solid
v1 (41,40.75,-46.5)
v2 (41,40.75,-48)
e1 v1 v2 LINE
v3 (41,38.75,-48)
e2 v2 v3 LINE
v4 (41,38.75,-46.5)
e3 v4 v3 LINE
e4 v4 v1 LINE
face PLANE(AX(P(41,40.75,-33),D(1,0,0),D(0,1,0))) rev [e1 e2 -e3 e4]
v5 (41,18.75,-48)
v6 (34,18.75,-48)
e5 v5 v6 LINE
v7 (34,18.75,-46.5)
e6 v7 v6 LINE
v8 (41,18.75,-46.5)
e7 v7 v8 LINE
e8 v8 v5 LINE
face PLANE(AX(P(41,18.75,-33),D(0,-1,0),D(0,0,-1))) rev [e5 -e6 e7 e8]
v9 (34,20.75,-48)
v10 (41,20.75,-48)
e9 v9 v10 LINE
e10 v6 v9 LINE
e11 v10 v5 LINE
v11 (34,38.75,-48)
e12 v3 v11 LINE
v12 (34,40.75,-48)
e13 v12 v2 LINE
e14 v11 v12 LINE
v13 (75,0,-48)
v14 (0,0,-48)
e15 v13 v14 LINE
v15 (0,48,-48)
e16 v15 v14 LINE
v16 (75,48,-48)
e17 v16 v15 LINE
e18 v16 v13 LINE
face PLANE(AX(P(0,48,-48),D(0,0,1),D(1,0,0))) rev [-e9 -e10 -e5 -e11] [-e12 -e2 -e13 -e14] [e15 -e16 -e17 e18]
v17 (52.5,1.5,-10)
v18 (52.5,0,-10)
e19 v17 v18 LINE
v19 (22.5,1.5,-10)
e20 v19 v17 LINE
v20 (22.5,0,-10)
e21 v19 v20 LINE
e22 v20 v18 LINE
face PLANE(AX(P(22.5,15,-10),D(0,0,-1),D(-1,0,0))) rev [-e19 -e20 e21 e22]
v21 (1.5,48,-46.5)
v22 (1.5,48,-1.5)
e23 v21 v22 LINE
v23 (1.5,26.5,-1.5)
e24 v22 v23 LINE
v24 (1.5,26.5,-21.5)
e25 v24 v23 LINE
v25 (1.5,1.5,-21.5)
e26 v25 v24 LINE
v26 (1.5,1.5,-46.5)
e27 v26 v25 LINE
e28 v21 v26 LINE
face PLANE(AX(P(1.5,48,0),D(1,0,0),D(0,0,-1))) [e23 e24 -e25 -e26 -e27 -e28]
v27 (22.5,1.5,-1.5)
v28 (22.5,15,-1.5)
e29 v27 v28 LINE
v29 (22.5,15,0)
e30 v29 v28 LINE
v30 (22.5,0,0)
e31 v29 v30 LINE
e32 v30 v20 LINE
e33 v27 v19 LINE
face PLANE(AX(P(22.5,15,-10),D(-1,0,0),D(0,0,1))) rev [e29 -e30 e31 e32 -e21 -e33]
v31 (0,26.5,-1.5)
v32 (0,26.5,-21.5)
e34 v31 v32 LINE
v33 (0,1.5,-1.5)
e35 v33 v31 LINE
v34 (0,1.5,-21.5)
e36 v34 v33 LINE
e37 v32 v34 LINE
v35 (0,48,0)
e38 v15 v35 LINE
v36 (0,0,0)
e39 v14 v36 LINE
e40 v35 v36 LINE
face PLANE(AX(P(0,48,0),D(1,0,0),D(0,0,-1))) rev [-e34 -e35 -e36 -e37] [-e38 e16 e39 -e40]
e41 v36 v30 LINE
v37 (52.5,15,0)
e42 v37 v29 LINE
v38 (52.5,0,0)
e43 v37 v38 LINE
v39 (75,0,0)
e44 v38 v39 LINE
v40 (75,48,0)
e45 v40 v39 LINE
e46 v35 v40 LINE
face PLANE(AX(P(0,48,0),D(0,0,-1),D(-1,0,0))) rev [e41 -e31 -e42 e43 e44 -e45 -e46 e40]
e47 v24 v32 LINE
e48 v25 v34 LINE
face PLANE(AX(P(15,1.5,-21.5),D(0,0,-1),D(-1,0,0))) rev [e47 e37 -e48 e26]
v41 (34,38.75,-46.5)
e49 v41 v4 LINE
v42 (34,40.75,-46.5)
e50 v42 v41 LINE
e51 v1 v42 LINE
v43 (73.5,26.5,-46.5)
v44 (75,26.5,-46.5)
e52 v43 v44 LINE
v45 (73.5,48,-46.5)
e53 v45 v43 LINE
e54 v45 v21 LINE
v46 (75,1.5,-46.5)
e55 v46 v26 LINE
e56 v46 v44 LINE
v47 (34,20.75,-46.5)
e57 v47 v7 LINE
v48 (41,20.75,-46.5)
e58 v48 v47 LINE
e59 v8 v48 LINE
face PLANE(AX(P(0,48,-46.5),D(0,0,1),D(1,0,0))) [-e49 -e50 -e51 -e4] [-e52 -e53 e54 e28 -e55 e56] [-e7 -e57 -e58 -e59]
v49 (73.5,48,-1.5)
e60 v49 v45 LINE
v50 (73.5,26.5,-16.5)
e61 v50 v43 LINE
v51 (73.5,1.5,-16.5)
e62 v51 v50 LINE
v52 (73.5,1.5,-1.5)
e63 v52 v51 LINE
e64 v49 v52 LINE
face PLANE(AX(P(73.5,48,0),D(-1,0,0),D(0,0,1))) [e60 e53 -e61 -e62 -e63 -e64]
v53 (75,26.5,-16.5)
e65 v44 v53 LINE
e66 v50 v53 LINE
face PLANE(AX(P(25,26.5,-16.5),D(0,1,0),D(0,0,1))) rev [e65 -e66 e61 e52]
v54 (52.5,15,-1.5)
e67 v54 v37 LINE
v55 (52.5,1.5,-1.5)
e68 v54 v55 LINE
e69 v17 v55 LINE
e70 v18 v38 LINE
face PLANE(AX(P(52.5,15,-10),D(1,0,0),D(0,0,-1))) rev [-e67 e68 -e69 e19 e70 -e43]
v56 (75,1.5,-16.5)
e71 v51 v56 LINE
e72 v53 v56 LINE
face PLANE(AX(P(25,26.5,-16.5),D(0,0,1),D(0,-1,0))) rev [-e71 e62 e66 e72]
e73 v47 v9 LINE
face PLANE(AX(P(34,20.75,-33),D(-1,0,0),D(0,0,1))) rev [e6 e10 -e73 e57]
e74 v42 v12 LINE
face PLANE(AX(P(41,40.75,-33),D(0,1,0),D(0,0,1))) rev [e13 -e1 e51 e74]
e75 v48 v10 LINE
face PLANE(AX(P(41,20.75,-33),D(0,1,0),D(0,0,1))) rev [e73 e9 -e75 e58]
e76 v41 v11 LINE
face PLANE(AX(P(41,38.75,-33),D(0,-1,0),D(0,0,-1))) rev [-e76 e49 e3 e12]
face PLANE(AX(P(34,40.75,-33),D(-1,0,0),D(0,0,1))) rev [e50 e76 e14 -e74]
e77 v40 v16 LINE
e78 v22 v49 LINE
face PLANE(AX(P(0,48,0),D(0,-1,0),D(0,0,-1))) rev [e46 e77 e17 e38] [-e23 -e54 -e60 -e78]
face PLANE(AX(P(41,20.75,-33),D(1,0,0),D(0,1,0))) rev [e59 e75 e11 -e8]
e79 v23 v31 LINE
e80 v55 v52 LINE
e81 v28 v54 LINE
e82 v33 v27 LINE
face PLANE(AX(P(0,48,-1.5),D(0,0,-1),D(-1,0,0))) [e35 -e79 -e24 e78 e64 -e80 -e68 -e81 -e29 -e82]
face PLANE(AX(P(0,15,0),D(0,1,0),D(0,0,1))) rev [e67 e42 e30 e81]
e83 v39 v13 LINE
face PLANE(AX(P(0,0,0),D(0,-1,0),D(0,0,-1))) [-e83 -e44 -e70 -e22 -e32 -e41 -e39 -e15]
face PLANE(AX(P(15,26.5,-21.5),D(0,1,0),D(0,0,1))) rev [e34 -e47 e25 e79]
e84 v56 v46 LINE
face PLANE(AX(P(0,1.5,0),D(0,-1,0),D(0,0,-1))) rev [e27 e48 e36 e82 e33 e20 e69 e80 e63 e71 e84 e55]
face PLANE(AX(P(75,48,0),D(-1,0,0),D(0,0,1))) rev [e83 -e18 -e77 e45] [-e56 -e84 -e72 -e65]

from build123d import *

# Parameters (mm, degrees)
SKETCH1_W           = 75
SKETCH1_H           = 48
BOSS_EXTRUDE1_DEPTH = 48
SHELL1_T            = -1.5
SKETCH2_W           = 30
SKETCH2_H           = 25
CUT_EXTRUDE2_DEPTH  = 50
SKETCH3_W           = 30
SKETCH3_H           = 10
CUT_EXTRUDE3_DEPTH  = 15
SKETCH4_W           = 20
SKETCH4_H           = 25
CUT_EXTRUDE4_DEPTH  = 15
SKETCH5_W           = 7
SKETCH5_H           = 2
CUT_EXTRUDE5_DEPTH  = 15


with BuildPart() as part:
    # Sketch1 → Boss-Extrude1 (new body)
    with BuildSketch(Plane(origin=(0, 0, 0), x_dir=(1, 0, 0), z_dir=(0, 1, 0))):
        with Locations((37.5, 24)):
            Rectangle(SKETCH1_W, SKETCH1_H)
    extrude(amount=BOSS_EXTRUDE1_DEPTH)

    # Shell1
    shell1_openings = [part.faces().sort_by_distance(p)[0] for p in [
        (37.5, 48, -24),
    ]]
    offset(amount=SHELL1_T, openings=shell1_openings, kind=Kind.INTERSECTION)

    # Sketch2 → Cut-Extrude2 (cut)
    with BuildSketch(Plane(origin=(75, 0, 0), x_dir=(0, 0, -1), z_dir=(1, 0, 0))):
        with Locations((31.5, 14)):
            Rectangle(SKETCH2_W, SKETCH2_H)
    extrude(amount=-CUT_EXTRUDE2_DEPTH, mode=Mode.SUBTRACT)

    # Sketch3 → Cut-Extrude3 (cut)
    with BuildSketch(Plane.XZ):
        with Locations((37.5, -5)):
            Rectangle(SKETCH3_W, SKETCH3_H)
    extrude(amount=-CUT_EXTRUDE3_DEPTH, mode=Mode.SUBTRACT)

    # Sketch4 → Cut-Extrude4 (cut)
    with BuildSketch(Plane.ZY):
        with Locations((-11.5, 14)):
            Rectangle(SKETCH4_W, SKETCH4_H)
    extrude(amount=-CUT_EXTRUDE4_DEPTH, mode=Mode.SUBTRACT)

    # Sketch5 → Cut-Extrude5 (cut)
    with BuildSketch(Plane(origin=(0, 0, -48), x_dir=(-1, 0, 0), z_dir=(0, 0, -1))):
        with Locations((-37.5, 19.75)):
            Rectangle(SKETCH5_W, SKETCH5_H)
        with Locations((-37.5, 39.75)):
            Rectangle(SKETCH5_W, SKETCH5_H)
    extrude(amount=-CUT_EXTRUDE5_DEPTH, mode=Mode.SUBTRACT)


solid = part.part
